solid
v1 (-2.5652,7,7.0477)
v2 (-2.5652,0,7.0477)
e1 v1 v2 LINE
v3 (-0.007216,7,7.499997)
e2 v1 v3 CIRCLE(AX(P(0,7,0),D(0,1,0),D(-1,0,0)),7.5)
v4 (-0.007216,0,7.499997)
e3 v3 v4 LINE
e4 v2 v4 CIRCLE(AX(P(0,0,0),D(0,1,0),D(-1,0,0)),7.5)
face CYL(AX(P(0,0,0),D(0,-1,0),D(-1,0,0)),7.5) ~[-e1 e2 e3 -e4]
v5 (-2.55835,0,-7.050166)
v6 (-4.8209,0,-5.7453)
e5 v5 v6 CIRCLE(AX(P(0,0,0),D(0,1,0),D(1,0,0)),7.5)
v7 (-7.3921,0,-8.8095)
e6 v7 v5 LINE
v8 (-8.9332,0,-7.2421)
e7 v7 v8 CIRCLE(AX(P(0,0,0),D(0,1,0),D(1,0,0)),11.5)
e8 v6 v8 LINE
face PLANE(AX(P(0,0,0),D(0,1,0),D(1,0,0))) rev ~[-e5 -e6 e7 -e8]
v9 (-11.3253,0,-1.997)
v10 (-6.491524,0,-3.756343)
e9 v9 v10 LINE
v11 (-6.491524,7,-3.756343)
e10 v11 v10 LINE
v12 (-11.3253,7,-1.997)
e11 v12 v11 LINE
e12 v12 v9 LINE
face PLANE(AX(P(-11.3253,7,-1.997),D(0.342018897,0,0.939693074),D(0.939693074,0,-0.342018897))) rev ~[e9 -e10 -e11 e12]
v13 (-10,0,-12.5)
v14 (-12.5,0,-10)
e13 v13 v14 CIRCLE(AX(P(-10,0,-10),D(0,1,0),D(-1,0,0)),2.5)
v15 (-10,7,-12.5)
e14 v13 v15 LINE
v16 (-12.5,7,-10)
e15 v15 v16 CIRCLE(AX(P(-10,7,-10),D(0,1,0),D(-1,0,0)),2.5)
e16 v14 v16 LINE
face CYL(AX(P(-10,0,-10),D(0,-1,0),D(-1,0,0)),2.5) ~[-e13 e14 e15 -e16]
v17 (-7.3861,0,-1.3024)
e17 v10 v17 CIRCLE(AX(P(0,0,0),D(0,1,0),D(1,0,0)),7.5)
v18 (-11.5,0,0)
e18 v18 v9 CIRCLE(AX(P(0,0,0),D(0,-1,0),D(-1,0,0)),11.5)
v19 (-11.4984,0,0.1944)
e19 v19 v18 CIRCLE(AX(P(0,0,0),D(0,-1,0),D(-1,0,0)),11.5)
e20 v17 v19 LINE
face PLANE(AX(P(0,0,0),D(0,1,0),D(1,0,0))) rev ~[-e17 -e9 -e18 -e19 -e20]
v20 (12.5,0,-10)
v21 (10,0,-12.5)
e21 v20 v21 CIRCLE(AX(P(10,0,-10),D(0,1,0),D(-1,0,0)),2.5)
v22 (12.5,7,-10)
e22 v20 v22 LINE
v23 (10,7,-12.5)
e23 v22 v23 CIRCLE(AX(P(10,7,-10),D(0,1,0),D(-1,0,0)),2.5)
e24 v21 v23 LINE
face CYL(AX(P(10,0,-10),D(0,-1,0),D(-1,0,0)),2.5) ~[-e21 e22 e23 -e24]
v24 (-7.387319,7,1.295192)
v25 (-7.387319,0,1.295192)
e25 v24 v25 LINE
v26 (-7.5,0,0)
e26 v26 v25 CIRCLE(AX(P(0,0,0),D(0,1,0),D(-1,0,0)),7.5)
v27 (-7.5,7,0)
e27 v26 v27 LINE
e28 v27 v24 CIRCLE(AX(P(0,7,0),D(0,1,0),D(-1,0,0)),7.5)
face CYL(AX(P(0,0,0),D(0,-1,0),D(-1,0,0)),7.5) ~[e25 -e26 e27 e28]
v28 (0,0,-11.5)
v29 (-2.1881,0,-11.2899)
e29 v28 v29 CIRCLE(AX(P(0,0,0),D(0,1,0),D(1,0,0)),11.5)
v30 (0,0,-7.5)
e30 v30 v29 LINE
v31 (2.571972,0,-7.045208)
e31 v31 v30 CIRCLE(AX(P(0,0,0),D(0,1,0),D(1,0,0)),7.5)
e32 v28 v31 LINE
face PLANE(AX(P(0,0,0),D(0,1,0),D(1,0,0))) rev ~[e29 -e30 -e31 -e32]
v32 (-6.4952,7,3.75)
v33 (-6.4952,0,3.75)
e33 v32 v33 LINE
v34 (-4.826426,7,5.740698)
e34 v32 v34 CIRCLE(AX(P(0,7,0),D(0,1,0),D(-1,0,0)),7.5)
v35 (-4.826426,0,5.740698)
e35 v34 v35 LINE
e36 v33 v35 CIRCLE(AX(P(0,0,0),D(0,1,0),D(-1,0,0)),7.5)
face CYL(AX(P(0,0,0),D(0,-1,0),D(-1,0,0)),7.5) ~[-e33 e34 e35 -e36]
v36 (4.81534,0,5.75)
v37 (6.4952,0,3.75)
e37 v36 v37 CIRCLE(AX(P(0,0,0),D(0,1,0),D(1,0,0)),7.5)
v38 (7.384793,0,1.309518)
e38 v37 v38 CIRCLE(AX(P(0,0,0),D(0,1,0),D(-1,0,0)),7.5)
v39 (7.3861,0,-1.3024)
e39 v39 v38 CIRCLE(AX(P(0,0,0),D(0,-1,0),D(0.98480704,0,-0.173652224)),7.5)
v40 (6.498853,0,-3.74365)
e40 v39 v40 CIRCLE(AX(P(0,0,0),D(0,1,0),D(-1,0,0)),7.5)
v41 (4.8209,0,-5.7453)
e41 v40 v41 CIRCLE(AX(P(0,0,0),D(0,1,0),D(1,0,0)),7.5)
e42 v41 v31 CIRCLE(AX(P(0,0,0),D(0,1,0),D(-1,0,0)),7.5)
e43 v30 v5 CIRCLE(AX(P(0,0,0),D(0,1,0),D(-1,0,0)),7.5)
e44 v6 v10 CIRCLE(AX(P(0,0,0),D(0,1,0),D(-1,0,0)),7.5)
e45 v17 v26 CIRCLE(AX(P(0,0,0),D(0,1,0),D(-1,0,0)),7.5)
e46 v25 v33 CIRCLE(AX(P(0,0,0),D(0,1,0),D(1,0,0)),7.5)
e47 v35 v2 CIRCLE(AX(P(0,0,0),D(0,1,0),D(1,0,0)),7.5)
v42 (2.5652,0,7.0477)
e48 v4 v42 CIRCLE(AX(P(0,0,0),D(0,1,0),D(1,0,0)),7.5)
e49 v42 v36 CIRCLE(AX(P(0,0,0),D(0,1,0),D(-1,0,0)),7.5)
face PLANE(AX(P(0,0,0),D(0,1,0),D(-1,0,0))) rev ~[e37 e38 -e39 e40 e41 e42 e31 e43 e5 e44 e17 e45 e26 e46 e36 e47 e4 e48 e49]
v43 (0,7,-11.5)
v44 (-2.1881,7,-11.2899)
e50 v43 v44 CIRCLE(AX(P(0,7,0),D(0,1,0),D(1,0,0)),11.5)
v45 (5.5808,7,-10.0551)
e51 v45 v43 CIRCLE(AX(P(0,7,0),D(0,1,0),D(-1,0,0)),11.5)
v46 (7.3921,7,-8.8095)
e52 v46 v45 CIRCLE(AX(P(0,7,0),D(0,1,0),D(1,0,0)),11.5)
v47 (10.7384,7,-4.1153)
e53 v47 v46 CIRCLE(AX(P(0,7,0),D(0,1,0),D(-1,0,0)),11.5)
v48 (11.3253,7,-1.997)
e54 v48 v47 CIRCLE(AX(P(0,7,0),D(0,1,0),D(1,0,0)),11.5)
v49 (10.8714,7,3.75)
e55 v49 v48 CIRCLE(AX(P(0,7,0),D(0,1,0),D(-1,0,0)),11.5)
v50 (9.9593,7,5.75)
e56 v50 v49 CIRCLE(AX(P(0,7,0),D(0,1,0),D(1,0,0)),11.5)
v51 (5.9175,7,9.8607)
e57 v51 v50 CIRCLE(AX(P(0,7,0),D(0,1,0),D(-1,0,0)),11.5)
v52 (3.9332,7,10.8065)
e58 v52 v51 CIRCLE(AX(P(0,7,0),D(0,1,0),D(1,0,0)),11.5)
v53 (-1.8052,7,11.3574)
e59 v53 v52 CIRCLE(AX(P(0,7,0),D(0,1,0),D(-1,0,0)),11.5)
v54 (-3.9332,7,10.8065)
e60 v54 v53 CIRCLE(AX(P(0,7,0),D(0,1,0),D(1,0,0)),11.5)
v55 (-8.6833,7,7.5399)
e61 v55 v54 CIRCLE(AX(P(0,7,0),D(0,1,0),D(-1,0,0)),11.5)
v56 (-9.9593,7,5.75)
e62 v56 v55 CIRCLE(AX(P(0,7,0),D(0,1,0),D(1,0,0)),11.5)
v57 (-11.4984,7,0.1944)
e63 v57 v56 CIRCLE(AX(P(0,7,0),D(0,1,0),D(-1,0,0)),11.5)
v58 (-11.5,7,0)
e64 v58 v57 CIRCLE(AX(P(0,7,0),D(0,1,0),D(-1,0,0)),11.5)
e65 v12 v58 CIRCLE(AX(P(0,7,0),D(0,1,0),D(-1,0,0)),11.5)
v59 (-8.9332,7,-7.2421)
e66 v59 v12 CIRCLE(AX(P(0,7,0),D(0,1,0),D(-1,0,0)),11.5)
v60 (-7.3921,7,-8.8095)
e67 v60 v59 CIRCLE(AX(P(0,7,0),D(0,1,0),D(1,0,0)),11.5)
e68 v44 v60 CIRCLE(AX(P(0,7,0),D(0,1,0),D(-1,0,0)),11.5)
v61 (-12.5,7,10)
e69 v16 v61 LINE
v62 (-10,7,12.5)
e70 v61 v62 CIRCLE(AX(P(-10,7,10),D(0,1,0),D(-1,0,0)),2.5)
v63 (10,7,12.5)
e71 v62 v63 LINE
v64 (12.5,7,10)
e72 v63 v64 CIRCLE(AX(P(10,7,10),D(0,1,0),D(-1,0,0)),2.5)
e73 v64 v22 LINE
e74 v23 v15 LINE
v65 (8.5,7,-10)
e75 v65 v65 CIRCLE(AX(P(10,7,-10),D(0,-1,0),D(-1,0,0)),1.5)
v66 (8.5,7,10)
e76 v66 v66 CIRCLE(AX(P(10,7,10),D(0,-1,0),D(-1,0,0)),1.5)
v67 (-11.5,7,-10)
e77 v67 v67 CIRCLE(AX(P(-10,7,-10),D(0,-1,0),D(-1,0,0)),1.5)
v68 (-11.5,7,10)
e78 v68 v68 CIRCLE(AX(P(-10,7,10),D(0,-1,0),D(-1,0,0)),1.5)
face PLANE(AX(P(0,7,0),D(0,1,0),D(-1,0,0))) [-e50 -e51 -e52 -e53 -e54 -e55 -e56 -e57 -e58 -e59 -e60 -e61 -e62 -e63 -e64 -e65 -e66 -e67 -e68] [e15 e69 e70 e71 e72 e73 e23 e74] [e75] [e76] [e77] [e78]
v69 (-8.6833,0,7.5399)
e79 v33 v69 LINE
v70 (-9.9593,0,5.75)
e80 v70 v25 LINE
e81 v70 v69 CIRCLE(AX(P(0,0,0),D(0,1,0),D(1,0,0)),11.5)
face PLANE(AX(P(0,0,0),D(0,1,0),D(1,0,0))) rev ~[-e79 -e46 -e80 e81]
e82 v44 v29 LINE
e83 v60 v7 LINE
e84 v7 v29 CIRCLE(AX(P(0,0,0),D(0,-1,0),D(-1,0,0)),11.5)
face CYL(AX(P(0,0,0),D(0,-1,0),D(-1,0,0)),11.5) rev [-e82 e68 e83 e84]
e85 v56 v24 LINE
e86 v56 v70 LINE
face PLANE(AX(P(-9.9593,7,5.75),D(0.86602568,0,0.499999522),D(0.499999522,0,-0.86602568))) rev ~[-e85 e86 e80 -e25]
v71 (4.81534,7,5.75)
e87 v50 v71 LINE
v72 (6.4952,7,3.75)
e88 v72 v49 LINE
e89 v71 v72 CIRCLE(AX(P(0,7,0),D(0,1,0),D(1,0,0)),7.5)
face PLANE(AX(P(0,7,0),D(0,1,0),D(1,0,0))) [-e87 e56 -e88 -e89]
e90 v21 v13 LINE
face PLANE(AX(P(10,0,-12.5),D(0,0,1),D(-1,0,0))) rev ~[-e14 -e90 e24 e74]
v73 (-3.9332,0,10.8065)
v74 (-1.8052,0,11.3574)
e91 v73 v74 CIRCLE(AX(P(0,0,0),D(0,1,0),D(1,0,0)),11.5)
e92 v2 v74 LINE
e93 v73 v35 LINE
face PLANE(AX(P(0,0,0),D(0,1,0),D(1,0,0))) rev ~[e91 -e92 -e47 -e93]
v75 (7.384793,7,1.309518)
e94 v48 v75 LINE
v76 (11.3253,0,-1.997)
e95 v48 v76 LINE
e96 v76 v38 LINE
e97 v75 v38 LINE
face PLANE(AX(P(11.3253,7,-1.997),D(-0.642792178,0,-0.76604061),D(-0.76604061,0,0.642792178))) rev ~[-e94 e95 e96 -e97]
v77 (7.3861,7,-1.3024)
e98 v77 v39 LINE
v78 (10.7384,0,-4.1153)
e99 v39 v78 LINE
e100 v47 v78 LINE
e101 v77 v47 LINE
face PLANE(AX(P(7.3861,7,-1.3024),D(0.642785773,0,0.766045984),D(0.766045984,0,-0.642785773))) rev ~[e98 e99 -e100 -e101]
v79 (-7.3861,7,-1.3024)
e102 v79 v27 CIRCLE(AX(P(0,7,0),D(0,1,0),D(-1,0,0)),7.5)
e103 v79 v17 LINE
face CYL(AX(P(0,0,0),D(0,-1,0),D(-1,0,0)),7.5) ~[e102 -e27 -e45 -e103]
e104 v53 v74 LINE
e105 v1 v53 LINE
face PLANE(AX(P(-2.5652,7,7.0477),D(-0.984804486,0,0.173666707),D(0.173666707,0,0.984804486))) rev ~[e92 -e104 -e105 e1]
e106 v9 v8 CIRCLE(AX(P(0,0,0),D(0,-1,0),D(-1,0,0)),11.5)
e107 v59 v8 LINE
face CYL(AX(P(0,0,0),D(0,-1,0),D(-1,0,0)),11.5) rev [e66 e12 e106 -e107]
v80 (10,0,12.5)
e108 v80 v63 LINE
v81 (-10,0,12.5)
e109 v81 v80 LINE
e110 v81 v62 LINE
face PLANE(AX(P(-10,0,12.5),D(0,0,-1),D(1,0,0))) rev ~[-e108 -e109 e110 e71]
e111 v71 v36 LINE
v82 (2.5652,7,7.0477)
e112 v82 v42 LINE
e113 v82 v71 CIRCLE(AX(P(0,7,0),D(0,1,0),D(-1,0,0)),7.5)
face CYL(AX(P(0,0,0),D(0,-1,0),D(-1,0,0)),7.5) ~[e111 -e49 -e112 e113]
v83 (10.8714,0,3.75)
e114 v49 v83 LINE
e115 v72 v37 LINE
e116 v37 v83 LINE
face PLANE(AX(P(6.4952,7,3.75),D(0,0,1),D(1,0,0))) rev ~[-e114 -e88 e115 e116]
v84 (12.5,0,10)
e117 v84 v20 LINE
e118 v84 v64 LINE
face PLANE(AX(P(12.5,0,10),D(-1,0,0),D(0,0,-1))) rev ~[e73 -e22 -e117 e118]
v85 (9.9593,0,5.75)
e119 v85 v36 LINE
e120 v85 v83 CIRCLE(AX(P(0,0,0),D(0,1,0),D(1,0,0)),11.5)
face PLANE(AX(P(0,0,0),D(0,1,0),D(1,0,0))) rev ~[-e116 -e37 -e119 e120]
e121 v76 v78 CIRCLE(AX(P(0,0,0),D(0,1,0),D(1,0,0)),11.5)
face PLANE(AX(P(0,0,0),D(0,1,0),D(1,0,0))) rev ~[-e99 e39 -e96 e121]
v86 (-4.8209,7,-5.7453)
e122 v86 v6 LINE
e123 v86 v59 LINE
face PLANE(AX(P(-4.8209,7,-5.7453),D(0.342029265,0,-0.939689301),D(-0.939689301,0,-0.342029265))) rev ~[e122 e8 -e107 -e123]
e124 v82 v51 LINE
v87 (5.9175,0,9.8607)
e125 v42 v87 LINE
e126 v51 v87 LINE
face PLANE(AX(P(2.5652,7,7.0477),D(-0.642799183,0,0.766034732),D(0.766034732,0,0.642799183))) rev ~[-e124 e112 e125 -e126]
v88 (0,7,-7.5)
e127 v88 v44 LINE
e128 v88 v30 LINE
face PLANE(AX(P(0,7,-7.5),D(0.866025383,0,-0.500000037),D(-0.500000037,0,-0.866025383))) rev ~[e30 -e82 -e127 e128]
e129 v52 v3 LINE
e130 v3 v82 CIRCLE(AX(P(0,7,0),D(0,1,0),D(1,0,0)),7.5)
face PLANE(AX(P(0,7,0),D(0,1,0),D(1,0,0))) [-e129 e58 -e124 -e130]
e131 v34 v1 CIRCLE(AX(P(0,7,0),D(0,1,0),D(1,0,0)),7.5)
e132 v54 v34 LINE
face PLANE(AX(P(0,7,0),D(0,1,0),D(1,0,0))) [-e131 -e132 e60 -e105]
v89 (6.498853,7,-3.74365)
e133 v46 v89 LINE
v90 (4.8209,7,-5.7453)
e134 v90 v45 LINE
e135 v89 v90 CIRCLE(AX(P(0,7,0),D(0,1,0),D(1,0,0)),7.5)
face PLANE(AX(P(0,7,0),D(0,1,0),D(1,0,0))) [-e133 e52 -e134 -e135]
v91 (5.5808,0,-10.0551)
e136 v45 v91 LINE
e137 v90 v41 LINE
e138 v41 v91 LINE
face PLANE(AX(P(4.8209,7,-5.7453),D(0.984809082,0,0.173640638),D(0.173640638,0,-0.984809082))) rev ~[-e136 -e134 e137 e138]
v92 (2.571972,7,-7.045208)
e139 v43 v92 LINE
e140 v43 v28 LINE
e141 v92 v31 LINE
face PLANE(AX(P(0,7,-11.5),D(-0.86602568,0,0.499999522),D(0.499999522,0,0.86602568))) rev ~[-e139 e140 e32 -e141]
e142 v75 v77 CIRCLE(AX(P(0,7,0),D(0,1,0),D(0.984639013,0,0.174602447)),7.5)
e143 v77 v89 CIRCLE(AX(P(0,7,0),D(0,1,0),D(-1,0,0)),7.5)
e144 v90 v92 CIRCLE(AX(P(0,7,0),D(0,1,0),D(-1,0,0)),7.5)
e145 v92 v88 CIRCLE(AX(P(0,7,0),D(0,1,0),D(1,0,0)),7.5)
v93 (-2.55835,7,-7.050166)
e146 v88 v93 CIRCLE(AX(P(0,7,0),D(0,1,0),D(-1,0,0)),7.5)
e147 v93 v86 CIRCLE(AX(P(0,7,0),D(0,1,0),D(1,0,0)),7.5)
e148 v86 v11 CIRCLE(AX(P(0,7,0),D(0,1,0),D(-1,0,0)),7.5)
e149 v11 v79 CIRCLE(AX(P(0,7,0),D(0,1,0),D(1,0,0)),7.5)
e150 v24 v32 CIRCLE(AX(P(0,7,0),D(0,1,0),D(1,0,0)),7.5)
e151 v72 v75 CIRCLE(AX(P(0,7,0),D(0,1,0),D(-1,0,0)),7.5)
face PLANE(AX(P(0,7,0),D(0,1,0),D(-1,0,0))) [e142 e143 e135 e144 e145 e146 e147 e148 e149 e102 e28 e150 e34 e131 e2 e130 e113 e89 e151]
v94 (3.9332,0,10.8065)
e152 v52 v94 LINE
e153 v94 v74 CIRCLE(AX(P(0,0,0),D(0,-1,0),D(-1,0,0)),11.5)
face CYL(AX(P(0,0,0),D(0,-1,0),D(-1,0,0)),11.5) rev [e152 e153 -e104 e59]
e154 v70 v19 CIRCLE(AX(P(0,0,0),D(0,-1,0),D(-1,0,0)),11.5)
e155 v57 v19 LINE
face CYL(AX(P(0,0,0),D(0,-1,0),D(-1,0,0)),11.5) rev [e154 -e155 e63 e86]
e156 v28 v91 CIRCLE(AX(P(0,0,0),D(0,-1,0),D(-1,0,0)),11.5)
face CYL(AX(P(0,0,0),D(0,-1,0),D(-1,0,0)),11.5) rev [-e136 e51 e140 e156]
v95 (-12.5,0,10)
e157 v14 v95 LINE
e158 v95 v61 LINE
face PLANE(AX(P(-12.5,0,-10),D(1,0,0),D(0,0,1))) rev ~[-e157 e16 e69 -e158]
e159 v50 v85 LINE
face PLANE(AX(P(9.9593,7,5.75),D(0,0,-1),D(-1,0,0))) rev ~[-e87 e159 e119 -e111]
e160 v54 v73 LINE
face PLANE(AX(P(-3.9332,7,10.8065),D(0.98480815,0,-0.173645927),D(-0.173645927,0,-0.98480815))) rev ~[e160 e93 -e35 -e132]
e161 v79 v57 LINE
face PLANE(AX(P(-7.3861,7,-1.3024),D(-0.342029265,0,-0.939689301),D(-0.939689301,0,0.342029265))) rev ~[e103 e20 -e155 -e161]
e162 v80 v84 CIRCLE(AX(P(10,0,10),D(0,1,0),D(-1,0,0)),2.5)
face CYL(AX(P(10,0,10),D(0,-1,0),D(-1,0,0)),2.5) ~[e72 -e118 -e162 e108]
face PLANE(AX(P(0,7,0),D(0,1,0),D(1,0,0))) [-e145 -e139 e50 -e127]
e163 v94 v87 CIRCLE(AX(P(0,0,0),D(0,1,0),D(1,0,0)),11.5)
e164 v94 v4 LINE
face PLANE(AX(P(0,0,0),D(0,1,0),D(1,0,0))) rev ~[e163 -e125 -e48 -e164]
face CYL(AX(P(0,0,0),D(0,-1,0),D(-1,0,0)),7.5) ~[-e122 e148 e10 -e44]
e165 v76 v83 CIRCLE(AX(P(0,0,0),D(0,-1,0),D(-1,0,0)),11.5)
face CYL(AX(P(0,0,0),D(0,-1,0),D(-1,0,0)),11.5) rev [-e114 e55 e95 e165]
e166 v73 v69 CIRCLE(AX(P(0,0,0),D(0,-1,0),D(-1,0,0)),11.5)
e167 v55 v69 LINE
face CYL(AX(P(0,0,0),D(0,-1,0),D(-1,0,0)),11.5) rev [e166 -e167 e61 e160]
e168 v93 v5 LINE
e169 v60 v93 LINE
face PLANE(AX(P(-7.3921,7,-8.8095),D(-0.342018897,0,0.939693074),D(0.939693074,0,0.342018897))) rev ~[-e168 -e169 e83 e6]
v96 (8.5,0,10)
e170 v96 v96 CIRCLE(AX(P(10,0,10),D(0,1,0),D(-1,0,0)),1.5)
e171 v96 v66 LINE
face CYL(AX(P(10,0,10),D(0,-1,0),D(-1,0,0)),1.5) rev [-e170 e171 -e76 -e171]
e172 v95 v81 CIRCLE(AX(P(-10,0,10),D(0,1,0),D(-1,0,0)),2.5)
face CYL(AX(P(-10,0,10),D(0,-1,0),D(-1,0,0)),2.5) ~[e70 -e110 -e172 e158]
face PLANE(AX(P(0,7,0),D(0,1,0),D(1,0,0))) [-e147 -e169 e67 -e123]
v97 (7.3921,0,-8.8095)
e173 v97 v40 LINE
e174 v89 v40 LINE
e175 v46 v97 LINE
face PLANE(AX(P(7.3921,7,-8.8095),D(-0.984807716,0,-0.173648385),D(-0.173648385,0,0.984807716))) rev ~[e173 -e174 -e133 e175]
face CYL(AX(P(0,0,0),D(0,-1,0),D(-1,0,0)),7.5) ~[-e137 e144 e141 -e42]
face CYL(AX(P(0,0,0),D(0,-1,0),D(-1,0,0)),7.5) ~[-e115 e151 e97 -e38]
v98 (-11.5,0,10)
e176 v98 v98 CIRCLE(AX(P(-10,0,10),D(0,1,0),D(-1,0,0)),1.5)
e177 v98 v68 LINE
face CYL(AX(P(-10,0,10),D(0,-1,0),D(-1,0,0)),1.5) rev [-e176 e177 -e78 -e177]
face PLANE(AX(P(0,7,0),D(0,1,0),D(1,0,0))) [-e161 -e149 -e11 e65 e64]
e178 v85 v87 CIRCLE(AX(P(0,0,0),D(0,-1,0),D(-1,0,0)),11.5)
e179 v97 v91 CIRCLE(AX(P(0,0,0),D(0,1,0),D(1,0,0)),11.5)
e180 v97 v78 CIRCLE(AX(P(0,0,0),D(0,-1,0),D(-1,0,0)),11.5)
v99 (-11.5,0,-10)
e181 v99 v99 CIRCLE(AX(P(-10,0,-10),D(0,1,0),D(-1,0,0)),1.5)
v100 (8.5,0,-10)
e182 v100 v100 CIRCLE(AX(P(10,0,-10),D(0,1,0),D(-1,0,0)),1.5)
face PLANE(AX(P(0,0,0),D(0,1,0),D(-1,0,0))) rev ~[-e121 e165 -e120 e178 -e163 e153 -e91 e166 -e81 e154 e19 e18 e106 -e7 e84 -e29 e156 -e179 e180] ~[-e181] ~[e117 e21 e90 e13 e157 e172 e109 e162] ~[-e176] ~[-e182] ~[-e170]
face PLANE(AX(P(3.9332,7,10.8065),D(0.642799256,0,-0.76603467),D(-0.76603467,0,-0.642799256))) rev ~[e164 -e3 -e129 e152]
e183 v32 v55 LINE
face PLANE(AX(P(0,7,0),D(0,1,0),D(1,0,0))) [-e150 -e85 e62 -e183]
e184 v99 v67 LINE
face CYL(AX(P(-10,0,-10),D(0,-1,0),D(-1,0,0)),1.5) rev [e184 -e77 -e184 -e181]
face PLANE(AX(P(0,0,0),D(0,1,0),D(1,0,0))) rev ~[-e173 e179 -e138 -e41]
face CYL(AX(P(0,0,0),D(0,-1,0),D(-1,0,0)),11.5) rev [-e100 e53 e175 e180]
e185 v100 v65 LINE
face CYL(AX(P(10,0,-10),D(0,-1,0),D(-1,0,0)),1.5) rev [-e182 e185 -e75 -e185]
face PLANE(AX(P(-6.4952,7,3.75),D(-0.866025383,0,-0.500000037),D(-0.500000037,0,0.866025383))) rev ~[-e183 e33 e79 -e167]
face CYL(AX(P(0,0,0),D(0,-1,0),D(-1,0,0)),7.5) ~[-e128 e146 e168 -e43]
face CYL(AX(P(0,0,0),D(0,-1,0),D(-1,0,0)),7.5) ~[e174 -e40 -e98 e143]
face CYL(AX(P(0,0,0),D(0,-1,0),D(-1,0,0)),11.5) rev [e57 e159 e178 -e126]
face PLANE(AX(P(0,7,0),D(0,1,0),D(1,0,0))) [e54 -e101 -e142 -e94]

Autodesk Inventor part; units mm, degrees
ref_plane "YZ Plane" through (0, 0, 0) normal (1, 0, 0) x (0, 1, 0)
ref_plane "XZ Plane" through (0, 0, 0) normal (0, 1, 0) x (-1, 0, 0)
ref_plane "XY Plane" through (0, 0, 0) normal (0, 0, 1) x (1, 0, 0)
sketch "スケッチ1" plane through (0, 0, 0) normal (0, 1, 0) x (-1, 0, 0)
  line L0 (12.5, 12.5) -> (-12.5, 12.5)
  line L1 (-12.5, 12.5) -> (-12.5, -12.5)
  line L2 (-12.5, -12.5) -> (12.5, -12.5)
  line L3 (12.5, -12.5) -> (12.5, 12.5)
  line L4 (10, -10) -> (-10, -10)
  line L5 (-10, -10) -> (-10, 10)
  line L6 (-10, 10) -> (10, 10)
  line L7 (10, 10) -> (10, -10)
  circle A0 centre (10, -10) radius 1.5
  circle A1 centre (-10, -10) radius 1.5
  circle A2 centre (-10, 10) radius 1.5
  circle A3 centre (10, 10) radius 1.5
  circle A4 centre (10, 10) radius 2.5
  circle A5 centre (-10, 10) radius 2.5
  circle A6 centre (-10, -10) radius 2.5
  circle A7 centre (10, -10) radius 2.5
  circle A8 centre (0, 0) radius 11.5
  circle A9 centre (0, 0) radius 7.5
  point P0 (12.5, 0)
  point P1 (0, -12.5)
  point P2 (-10, 0)
  point P3 (-12.5, 0)
  point P4 (0, -10)
  point P5 (12.5, 10)
  point P6 (10, 12.5)
  point P7 (-10, 12.5)
  point P8 (-12.5, 10)
  point P9 (-12.5, -10)
  point P10 (-10, -12.5)
  point P11 (10, -12.5)
  point P12 (12.5, -10)
  point P13 (-5.6789, 10)
  point P14 (5.6789, 10)
  dimension "d0" = 25
  dimension "d1" = 25
  dimension "d2" = 20
  dimension "d3" = 20
  dimension "d4" = 3
  dimension "d5" = 3
  dimension "d6" = 3
  dimension "d7" = 3
  dimension "d8" = 23
  dimension "d9" = 15
extrude "押し出し1" add sketch "スケッチ1" along normal blind 7 contours A4 L6 A8 A5 L0 | A4 L7 A3 L6 | L3 A7 L7 A8 A4 | A5 L6 A2 L5 | A4 L7 A8 L6 | L6 A3 L7 A4 | A7 L4 A0 L7 | A5 L5 A2 L6 | L6 A8 L5 A5 | A5 L5 A8 A6 L1 | A7 L4 A8 L7 | L7 A0 L4 A7 | L2 A6 L4 A8 A7 | A6 L5 A1 L4 | A6 L4 A1 L5 | L5 A8 L4 A6 | A9
sketch "スケッチ2" plane through (0, 7, 0) normal (0, 1, 0) x (1, 0, 0)
  circle A0 centre (0, 0) radius 7.5 projected
  circle A1 centre (0, 0) radius 11.5 projected
  line L0 (0, 7.5) -> (-2.1881, 11.2899)
  line L1 (0, 7.5) -> (4.3762, 7.5) construction
  line L2 (0, 11.5) -> (3.4783, 5.4754)
  line L3 (0, 11.5) -> (6.9566, 11.5) construction
  line L4 (-4.8209, 5.7453) -> (-8.9332, 7.2421)
  line L5 (-7.3921, 8.8095) -> (-0.855, 6.4302)
  line L6 (-7.3861, 1.3024) -> (-11.4984, -0.1944)
  line L7 (-11.3253, 1.997) -> (-4.7882, 4.3763)
  line L8 (-6.4952, -3.75) -> (-8.6833, -7.5399)
  line L9 (-9.9593, -5.75) -> (-6.481, 0.2746)
  line L10 (-2.5652, -7.0477) -> (-1.8052, -11.3574)
  line L11 (-3.9332, -10.8065) -> (-5.1412, -3.9555)
  line L12 (2.5652, -7.0477) -> (5.9175, -9.8607)
  line L13 (3.9332, -10.8065) -> (-1.3958, -6.3348)
  line L14 (6.4952, -3.75) -> (10.8714, -3.75)
  line L15 (9.9593, -5.75) -> (3.0027, -5.75)
  line L16 (7.3861, 1.3024) -> (10.7384, 4.1153)
  line L17 (11.3253, 1.997) -> (5.9962, -2.4747)
  line L18 (4.8209, 5.7453) -> (5.5808, 10.0551)
  line L19 (7.3921, 8.8095) -> (6.1841, 1.9586)
  point P0 (-2.5583, 7.0502)
  point P1 (-6.4916, 3.7563)
  point P2 (-7.3873, -1.2952)
  point P3 (-4.8265, -5.7407)
  point P4 (-0.0073, -7.5)
  point P5 (4.8153, -5.75)
  point P6 (7.3848, -1.3095)
  point P7 (6.4988, 3.7437)
  point P8 (2.572, 7.0452)
  dimension "d12" = 120
  dimension "d13" = 60
  dimension "d16" = 360
extrude "押し出し2" add sketch "スケッチ2" against normal up to surface (7 mm away) contours A0 L16 A1 L17 | A0 L18 A1 L19 | L14 A1 L15 A0 | A0 L0 A1 L2 | L12 A1 L13 A0 | A0 L4 A1 L5 | L10 A1 L11 A0 | A0 L6 A1 L7 | L8 A1 L9 A0
properties part number "Fan"
